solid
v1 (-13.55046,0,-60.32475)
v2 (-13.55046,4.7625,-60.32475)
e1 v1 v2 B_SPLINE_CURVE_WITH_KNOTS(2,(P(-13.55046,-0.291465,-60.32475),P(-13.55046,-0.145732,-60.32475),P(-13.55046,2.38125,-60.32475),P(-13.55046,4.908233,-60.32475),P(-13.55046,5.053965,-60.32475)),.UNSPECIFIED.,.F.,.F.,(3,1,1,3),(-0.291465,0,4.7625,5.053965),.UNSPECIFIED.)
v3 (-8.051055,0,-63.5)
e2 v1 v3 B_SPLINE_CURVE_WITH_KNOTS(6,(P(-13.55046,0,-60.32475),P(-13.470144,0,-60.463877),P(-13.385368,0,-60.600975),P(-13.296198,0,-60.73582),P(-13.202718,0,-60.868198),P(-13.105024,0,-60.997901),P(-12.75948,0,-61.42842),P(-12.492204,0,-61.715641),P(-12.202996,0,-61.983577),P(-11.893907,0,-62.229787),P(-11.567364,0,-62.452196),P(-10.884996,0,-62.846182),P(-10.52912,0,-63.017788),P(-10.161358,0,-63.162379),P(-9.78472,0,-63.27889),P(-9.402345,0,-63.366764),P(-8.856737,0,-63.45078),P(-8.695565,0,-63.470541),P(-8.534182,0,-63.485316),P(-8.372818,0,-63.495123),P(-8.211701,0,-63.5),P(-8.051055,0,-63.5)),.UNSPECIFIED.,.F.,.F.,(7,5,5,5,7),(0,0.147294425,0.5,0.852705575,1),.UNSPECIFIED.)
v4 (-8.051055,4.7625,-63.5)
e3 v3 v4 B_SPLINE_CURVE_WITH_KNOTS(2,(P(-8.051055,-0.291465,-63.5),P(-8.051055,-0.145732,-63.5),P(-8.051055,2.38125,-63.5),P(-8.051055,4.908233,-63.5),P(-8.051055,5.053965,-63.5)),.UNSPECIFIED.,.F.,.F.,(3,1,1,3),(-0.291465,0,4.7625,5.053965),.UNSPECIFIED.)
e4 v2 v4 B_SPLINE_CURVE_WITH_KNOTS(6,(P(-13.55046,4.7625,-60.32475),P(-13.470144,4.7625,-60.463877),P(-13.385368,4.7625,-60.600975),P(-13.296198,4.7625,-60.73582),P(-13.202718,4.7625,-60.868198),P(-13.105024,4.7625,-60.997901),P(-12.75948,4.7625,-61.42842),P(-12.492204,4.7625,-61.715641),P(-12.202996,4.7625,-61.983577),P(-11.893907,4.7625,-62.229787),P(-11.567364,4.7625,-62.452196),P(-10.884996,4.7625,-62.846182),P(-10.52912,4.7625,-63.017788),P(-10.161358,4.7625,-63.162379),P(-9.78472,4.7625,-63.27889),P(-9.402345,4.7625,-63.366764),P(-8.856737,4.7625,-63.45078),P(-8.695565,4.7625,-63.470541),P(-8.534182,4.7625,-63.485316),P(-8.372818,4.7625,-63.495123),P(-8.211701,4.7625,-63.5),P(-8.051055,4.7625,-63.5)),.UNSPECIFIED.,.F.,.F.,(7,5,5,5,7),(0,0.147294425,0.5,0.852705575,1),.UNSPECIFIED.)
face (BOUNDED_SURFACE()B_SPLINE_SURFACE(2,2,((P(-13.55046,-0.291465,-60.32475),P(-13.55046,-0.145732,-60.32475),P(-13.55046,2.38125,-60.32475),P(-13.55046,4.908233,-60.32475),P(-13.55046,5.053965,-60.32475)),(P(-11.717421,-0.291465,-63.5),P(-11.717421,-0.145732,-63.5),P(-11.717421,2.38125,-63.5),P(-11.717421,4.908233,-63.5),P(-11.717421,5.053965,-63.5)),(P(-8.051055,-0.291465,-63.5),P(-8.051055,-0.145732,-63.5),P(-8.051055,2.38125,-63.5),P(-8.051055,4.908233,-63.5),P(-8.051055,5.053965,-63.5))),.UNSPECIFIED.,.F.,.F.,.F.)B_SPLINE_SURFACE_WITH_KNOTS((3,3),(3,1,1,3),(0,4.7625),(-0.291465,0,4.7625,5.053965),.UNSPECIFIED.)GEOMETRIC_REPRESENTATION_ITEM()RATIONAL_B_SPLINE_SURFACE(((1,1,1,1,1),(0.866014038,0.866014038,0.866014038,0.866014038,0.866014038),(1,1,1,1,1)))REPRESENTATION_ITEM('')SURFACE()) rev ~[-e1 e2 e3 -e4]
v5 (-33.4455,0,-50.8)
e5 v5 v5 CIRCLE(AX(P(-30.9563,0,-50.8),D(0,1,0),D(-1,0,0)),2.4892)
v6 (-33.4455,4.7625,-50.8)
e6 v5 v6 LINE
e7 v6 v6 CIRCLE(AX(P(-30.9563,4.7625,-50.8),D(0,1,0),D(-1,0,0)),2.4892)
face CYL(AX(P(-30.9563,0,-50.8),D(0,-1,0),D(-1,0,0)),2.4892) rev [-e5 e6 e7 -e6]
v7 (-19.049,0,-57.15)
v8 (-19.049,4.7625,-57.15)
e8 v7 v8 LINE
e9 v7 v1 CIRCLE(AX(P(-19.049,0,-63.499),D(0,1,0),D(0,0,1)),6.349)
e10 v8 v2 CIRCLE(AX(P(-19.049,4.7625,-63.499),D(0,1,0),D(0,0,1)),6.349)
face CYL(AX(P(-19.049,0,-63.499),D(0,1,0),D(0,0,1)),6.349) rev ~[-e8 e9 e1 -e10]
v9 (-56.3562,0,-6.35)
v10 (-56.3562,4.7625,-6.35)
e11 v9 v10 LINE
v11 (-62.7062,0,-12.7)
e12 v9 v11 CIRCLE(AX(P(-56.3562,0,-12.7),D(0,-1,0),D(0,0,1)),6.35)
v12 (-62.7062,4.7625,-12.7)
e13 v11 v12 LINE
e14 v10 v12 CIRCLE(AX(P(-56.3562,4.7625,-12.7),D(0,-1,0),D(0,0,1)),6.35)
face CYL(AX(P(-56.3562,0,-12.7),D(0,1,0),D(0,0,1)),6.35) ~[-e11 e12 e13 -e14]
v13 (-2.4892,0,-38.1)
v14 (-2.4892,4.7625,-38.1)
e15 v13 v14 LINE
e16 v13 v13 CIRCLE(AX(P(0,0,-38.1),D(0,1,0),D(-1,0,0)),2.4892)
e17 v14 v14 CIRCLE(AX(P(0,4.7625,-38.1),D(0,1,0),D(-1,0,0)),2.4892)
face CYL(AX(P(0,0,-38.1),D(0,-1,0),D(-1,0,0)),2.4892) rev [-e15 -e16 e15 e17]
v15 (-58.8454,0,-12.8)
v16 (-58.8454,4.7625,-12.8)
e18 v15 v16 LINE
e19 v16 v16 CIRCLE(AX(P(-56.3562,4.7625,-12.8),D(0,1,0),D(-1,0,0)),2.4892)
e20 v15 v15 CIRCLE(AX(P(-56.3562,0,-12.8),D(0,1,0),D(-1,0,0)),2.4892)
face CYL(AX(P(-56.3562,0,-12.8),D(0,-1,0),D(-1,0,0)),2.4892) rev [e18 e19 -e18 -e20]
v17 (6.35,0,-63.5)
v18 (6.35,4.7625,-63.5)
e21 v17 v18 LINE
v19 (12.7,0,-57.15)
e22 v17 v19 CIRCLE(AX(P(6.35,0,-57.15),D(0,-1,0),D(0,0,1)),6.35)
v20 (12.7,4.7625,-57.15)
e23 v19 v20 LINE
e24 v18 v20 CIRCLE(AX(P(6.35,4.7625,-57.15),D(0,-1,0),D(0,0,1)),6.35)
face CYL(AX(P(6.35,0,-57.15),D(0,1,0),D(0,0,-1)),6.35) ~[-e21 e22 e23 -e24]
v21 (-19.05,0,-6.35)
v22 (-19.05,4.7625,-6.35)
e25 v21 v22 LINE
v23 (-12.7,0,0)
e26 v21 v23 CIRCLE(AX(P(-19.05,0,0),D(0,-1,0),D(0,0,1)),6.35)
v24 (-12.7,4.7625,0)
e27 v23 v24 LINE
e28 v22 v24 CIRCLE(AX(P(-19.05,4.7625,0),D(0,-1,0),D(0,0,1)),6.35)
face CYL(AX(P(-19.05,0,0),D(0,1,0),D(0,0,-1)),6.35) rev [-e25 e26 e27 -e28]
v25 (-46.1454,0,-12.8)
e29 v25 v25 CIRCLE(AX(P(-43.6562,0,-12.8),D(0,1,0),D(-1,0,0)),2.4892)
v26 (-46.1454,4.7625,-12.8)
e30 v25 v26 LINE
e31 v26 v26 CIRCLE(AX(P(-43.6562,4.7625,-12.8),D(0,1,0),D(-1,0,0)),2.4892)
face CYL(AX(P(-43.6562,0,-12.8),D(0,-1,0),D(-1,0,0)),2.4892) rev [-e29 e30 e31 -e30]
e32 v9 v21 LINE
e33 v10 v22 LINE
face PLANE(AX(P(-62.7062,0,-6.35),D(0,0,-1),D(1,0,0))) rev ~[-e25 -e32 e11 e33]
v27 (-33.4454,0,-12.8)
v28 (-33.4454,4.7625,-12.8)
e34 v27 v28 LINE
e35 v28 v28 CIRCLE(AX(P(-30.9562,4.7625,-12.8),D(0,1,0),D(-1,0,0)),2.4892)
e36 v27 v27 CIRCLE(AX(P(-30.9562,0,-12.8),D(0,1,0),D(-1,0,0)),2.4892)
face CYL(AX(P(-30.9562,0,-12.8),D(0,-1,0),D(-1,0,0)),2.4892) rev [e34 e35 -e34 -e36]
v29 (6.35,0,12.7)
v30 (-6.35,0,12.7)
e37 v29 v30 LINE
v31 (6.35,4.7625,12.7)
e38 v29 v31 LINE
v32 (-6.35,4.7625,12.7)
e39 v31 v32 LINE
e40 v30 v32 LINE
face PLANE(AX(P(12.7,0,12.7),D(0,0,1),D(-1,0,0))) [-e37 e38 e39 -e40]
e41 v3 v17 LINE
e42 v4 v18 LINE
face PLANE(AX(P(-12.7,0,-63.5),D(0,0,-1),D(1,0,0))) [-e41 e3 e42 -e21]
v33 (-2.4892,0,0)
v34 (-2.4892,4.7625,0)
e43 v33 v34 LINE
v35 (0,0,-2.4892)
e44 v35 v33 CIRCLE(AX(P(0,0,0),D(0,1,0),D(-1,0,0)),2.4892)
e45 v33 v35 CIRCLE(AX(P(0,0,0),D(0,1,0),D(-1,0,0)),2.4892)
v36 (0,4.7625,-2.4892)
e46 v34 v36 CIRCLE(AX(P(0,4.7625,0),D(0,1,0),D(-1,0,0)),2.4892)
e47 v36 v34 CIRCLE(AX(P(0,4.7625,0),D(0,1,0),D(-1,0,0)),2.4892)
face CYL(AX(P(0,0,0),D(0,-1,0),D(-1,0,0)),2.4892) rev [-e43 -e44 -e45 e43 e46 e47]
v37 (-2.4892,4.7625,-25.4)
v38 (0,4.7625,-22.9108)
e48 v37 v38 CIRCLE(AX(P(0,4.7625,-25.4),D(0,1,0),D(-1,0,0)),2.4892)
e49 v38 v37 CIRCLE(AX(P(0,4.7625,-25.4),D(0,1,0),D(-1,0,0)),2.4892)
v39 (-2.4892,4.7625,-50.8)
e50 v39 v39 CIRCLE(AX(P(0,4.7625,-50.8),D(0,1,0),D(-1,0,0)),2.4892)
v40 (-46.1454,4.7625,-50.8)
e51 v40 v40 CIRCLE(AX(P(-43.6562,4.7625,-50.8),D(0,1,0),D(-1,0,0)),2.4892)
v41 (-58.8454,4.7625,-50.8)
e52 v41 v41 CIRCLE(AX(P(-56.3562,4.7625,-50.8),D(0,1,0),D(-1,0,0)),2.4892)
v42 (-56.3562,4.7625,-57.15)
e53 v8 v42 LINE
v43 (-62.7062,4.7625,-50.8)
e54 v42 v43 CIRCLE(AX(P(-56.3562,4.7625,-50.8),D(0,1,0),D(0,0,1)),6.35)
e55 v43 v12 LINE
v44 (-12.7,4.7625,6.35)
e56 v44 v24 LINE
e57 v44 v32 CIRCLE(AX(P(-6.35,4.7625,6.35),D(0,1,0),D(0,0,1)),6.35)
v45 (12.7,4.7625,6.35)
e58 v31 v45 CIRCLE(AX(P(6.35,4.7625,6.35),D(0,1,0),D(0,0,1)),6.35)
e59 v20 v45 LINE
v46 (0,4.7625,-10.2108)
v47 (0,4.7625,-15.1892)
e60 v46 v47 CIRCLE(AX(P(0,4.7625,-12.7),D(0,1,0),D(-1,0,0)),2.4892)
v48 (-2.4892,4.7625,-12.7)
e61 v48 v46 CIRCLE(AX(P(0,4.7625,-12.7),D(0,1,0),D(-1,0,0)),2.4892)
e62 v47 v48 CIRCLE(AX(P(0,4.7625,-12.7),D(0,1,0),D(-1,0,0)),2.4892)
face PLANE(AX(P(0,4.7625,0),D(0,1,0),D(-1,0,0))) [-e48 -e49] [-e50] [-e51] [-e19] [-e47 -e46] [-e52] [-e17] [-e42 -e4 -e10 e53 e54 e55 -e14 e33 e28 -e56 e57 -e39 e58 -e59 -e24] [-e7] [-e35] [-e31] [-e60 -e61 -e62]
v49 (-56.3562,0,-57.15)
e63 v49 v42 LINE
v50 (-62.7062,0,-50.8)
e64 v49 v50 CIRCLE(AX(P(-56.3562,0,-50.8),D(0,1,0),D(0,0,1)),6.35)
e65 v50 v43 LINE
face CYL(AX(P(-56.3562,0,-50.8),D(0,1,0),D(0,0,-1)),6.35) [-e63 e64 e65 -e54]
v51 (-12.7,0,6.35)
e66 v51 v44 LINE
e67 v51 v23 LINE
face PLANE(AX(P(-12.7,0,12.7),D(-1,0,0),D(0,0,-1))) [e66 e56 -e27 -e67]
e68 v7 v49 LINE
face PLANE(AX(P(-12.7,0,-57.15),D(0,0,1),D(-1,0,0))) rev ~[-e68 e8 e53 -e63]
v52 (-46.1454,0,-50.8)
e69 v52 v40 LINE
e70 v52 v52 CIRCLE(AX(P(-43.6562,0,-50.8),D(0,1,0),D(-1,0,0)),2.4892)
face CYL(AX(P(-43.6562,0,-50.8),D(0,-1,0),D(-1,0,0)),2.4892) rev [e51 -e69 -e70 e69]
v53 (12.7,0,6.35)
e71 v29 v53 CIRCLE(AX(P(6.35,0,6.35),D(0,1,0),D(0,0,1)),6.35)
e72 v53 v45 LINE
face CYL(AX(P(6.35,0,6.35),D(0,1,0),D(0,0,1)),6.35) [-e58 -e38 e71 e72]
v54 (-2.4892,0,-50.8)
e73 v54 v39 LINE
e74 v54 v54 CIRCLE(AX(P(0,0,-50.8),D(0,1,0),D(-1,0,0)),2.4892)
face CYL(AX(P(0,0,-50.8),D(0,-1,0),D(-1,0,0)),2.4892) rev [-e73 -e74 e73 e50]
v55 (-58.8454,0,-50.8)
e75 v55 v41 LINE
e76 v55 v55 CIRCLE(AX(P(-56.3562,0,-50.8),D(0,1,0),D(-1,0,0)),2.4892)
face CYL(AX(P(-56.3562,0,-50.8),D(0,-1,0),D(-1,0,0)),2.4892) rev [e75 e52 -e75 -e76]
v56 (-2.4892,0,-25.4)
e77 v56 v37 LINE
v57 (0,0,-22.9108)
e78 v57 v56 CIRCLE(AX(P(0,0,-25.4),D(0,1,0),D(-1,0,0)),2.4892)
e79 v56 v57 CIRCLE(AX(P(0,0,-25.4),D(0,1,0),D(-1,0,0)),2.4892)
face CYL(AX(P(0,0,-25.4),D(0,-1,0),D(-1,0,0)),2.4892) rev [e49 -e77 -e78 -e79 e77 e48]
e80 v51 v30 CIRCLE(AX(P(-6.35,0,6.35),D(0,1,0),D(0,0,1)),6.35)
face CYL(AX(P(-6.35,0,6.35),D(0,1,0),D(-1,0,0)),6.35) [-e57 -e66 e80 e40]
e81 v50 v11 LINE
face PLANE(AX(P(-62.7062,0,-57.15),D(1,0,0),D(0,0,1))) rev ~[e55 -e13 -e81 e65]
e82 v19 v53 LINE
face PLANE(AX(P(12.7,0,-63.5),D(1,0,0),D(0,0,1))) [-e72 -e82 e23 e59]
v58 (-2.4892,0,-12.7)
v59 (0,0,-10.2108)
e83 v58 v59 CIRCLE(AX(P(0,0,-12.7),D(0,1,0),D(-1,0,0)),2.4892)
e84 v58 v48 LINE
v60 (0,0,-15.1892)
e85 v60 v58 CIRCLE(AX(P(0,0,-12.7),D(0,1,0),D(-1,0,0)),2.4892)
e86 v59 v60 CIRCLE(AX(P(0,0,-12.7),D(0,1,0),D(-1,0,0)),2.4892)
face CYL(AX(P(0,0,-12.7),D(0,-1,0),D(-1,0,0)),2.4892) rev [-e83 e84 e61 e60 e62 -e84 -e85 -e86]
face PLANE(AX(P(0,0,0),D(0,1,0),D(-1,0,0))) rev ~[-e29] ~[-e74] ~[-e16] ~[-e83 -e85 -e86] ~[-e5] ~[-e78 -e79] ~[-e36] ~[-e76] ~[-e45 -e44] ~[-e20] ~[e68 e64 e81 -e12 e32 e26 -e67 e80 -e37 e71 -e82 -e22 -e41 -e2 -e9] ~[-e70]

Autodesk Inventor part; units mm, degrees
ref_plane "YZ Plane" through (0, 0, 0) normal (1, 0, 0) x (0, 1, 0)
ref_plane "XZ Plane" through (0, 0, 0) normal (0, 1, 0) x (-1, 0, 0)
ref_plane "XY Plane" through (0, 0, 0) normal (0, 0, 1) x (1, 0, 0)
sketch "Sketch1" plane through (0, 0, 0) normal (0, 1, 0) x (-1, 0, 0)
  circle A0 centre (0, 0) radius 2.4892
  line L0 (0, 0) -> (0, -25.4)
  circle A1 centre (0, -12.7) radius 2.4892
  circle A2 centre (0, -25.4) radius 2.4892
  circle A3 centre (0, -38.1) radius 2.4892
  circle A4 centre (0, -50.8) radius 2.4892
  circle A5 centre (56.3562, -12.8) radius 2.4892
  line L1 (56.3562, -12.8) -> (53.867, -12.8) construction
  circle A6 centre (43.6562, -12.8) radius 2.4892
  circle A7 centre (30.9562, -12.8) radius 2.4892
  circle A8 centre (56.3562, -50.8) radius 2.4892
  circle A9 centre (43.6562, -50.8) radius 2.4892
  circle A10 centre (30.9563, -50.8) radius 2.4892
  line L2 (-12.7, 12.7) -> (12.7, 12.7)
  line L3 (12.7, 12.7) -> (12.7, -63.5)
  line L4 (12.7, -63.5) -> (-12.7, -63.5)
  line L5 (-12.7, -63.5) -> (-12.7, 12.7)
  line L6 (62.7062, -6.35) -> (12.7, -6.35)
  line L7 (12.7, -6.35) -> (12.7, -57.15)
  line L8 (12.7, -57.15) -> (62.7062, -57.15)
  line L9 (62.7062, -57.15) -> (62.7062, -6.35)
  point P0 (41.167, -12.8)
  point P1 (28.467, -12.8)
  point P2 (53.867, -50.8)
  point P3 (41.167, -50.8)
  point P4 (28.467, -50.8)
  point P5 (12.7, -6.35)
  point P6 (0, 12.7)
  dimension "d9" = 4.9784
  dimension "d0" = 4.9784
  dimension "d1" = 25.4
  dimension "d4" = 12.7
  dimension "d12" = 12.7
  dimension "d15" = 38
  dimension "d18" = 25.4
  dimension "d19" = 76.2
  dimension "d20" = 12.7
  dimension "d22" = 18.2563
  dimension "d23" = 6.35
  dimension "d24" = 6.35
  dimension "d25" = 50.8
  dimension "d29" = 19.05
extrude "Extrusion1" add sketch "Sketch1" along normal blind 4.7625
fillet "Fillet1" radius 6.35 8 edges at (-62.7062, 2.3813, -6.35) (-12.7, 2.3813, -6.35) (-12.7, 2.3813, 12.7) (12.7, 2.3813, 12.7) (-62.7062, 2.3813, -57.15) (-12.7, 2.3813, -57.15) (-12.7, 2.3813, -63.5) (12.7, 2.3813, -63.5)
properties part number "CLIM_009_BoBracket"
